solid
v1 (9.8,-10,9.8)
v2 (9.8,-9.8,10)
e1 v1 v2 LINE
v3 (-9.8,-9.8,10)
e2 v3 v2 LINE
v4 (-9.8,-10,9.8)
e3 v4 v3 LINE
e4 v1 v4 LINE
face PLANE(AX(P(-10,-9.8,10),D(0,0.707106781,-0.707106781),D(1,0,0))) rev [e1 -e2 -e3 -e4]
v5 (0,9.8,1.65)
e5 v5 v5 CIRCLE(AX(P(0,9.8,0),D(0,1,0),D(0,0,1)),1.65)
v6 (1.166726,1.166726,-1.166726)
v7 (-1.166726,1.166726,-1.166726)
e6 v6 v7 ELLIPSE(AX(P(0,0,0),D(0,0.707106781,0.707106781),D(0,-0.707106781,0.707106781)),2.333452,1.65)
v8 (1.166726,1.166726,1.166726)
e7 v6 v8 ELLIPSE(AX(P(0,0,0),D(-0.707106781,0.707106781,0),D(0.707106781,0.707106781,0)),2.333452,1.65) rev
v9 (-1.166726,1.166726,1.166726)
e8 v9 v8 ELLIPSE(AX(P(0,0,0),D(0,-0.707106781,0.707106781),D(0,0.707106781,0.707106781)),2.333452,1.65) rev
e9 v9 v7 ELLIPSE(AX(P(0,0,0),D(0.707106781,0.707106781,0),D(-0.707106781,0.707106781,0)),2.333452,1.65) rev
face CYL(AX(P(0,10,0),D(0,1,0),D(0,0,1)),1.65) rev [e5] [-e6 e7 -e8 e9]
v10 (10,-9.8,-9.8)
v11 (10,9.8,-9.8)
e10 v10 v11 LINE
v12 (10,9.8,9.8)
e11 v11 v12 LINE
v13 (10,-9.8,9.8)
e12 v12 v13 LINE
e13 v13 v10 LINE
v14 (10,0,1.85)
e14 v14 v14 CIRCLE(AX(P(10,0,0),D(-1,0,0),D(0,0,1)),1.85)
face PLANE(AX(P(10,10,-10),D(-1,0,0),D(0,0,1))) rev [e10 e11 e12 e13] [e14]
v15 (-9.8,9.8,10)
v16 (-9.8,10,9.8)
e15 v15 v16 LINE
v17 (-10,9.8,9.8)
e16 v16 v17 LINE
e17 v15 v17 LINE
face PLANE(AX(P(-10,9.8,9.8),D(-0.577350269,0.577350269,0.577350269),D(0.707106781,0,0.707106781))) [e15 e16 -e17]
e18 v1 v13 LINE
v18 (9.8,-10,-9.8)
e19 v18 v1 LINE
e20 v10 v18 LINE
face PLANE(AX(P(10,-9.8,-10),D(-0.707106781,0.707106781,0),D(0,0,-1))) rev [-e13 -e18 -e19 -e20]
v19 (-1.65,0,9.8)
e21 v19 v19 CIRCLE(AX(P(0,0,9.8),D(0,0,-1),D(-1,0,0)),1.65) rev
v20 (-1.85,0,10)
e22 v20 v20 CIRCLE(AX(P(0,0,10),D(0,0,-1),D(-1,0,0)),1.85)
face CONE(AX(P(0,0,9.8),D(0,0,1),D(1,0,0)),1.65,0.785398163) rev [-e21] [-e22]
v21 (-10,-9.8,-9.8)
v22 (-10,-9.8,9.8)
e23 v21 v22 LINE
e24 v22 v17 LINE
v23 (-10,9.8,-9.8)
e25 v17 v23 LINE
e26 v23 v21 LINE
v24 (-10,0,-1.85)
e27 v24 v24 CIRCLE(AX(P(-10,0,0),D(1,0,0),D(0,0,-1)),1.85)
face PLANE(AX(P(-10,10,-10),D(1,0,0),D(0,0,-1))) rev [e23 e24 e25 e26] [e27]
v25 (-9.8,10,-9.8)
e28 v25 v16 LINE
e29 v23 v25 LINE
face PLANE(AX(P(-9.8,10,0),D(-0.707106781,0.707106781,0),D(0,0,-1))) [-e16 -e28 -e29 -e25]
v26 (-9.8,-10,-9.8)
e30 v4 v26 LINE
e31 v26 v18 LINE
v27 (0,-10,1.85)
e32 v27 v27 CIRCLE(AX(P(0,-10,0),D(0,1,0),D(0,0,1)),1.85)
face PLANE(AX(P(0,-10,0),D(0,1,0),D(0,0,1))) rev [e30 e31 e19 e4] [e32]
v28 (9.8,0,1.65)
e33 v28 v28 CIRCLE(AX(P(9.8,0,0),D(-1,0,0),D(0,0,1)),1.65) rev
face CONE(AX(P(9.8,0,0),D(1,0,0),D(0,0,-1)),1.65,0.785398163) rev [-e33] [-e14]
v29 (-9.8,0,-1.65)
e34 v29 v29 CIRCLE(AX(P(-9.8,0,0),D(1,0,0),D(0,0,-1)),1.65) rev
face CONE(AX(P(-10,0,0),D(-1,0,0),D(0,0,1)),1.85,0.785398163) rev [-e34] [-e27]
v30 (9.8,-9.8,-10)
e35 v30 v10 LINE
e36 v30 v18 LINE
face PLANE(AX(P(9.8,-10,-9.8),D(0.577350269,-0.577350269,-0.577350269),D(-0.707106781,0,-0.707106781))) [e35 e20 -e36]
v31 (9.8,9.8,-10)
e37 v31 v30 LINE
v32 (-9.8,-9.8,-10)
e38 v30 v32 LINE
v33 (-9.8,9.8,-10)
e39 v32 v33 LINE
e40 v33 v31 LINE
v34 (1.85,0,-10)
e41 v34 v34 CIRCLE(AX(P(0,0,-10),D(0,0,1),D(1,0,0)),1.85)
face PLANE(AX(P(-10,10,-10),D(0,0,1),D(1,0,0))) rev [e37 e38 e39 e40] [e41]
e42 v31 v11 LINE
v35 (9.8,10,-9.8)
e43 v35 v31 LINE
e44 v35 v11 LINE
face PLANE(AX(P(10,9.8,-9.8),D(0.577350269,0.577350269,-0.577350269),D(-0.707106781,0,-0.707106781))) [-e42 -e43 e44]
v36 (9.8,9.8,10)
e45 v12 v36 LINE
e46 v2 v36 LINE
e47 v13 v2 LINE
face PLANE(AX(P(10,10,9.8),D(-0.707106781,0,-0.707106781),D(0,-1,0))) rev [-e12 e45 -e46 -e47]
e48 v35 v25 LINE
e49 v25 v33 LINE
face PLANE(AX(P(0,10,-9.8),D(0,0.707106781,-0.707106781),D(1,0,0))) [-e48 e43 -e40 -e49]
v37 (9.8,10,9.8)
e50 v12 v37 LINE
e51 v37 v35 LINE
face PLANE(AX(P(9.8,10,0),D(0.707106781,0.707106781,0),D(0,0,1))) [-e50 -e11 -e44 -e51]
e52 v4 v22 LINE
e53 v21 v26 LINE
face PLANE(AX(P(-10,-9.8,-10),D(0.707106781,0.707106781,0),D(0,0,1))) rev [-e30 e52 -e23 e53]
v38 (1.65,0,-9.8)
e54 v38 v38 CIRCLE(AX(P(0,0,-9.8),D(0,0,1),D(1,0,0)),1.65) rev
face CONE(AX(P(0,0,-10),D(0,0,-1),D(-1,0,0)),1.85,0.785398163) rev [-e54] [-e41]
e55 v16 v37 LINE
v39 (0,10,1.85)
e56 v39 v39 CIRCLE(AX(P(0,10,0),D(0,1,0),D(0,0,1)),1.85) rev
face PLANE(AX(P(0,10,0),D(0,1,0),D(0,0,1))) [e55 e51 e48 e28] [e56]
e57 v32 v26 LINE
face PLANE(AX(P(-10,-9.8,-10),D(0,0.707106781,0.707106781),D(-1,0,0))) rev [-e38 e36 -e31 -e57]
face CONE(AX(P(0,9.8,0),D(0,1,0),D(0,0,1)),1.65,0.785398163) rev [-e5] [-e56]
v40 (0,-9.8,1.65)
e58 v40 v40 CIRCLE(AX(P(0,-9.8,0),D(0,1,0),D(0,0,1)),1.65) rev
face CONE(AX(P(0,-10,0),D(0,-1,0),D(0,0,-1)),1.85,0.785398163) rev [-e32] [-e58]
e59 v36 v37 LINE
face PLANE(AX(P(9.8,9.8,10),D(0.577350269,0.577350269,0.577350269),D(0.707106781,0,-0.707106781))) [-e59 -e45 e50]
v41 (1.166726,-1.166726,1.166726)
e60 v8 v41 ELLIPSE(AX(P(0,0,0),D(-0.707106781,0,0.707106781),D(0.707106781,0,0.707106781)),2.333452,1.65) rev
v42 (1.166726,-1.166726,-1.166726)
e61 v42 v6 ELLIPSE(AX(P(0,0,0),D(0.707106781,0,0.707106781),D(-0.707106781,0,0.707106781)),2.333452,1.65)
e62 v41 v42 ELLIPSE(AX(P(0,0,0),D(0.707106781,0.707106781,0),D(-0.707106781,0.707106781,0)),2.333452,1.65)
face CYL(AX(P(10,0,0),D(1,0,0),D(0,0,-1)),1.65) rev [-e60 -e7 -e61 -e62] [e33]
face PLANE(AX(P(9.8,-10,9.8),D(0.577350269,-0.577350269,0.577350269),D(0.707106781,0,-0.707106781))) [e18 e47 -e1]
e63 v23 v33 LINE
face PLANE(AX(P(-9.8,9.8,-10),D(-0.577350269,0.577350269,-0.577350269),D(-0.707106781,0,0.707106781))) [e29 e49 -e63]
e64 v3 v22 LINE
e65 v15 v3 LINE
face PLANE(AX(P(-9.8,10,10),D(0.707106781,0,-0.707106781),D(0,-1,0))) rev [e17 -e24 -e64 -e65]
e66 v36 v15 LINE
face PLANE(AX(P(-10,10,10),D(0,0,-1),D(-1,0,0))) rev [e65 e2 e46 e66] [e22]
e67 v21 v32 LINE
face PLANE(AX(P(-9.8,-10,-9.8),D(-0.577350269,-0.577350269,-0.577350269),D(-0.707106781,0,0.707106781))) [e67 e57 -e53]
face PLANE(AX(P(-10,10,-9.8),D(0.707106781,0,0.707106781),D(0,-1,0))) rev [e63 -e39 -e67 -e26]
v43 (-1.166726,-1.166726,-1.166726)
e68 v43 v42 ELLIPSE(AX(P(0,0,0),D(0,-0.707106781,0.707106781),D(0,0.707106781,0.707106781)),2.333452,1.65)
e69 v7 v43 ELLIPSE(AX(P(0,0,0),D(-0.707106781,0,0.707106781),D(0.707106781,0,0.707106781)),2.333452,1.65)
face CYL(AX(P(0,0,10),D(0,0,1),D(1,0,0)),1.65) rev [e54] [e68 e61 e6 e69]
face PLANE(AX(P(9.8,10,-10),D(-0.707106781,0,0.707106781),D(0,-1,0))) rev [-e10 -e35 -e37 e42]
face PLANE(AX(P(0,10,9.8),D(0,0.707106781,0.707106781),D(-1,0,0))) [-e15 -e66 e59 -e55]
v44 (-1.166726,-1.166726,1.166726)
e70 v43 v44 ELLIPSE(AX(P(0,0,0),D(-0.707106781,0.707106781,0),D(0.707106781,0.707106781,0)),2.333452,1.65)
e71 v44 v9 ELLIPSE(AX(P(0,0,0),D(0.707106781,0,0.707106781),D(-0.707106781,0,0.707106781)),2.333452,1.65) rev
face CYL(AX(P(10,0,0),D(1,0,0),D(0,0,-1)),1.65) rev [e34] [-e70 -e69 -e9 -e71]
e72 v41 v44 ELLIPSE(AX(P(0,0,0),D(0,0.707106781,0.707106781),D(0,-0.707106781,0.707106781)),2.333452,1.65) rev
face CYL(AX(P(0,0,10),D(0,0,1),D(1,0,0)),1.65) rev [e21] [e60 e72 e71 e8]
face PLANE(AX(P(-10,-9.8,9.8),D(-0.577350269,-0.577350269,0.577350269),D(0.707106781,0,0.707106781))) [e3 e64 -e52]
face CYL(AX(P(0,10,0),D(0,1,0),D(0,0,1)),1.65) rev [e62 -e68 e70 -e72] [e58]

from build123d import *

# Parameters (mm, degrees)
SKETCH_1_W         = 20
SKETCH_1_H         = 20
EXTRUDE_1_DEPTH    = 10
HOLE_WIZARD_M4_1_D = 3.3
HOLE_WIZARD_M4_2_D = 3.3
HOLE_WIZARD_M4_3_D = 3.3
CHAMFER_1_SIZE     = 0.2


with BuildPart() as part:
    # 草图1 → 凸台-拉伸1 (new, symmetric)
    with BuildSketch(Plane(origin=(0, 0, 0), x_dir=(1, 0, 0), z_dir=(0, 1, 0))):
        Rectangle(SKETCH_1_W, SKETCH_1_H)
    extrude(amount=EXTRUDE_1_DEPTH, both=True)

    # M4 螺纹孔1 (through all)
    with Locations(Plane.XY.offset(10)):
        with Locations((0, 0)):
            Hole(HOLE_WIZARD_M4_1_D / 2)

    # M4 螺纹孔2 (through all)
    with Locations(Plane(origin=(0, 10, 0), x_dir=(1, 0, 0), z_dir=(0, 1, 0))):
        with Locations((0, 0)):
            Hole(HOLE_WIZARD_M4_2_D / 2)

    # M4 螺纹孔3 (through all)
    with Locations(Plane(origin=(10, 0, 0), x_dir=(0, 0, -1), z_dir=(1, 0, 0))):
        with Locations((0, 0)):
            Hole(HOLE_WIZARD_M4_3_D / 2)

    # 倒角1
    chamfer_1_edges = [part.edges().sort_by_distance(p)[0] for p in [
        (-10, 10, 0),
        (1.65, 0, 10),
        (1.65, 0, -10),
        (0, 10, 10),
        (1.65, -10, 0),
        (1.65, 10, 0),
        (-10, 0, -1.65),
        (10, 0, -1.65),
        (10, 10, 0),
        (0, -10, 10),
        (-10, -10, 0),
        (0, -10, -10),
        (10, -10, 0),
        (10, 0, 10),
        (-10, 0, 10),
        (-10, 0, -10),
        (10, 0, -10),
        (0, 10, -10),
    ]]
    chamfer(chamfer_1_edges, length=CHAMFER_1_SIZE)


solid = part.part
